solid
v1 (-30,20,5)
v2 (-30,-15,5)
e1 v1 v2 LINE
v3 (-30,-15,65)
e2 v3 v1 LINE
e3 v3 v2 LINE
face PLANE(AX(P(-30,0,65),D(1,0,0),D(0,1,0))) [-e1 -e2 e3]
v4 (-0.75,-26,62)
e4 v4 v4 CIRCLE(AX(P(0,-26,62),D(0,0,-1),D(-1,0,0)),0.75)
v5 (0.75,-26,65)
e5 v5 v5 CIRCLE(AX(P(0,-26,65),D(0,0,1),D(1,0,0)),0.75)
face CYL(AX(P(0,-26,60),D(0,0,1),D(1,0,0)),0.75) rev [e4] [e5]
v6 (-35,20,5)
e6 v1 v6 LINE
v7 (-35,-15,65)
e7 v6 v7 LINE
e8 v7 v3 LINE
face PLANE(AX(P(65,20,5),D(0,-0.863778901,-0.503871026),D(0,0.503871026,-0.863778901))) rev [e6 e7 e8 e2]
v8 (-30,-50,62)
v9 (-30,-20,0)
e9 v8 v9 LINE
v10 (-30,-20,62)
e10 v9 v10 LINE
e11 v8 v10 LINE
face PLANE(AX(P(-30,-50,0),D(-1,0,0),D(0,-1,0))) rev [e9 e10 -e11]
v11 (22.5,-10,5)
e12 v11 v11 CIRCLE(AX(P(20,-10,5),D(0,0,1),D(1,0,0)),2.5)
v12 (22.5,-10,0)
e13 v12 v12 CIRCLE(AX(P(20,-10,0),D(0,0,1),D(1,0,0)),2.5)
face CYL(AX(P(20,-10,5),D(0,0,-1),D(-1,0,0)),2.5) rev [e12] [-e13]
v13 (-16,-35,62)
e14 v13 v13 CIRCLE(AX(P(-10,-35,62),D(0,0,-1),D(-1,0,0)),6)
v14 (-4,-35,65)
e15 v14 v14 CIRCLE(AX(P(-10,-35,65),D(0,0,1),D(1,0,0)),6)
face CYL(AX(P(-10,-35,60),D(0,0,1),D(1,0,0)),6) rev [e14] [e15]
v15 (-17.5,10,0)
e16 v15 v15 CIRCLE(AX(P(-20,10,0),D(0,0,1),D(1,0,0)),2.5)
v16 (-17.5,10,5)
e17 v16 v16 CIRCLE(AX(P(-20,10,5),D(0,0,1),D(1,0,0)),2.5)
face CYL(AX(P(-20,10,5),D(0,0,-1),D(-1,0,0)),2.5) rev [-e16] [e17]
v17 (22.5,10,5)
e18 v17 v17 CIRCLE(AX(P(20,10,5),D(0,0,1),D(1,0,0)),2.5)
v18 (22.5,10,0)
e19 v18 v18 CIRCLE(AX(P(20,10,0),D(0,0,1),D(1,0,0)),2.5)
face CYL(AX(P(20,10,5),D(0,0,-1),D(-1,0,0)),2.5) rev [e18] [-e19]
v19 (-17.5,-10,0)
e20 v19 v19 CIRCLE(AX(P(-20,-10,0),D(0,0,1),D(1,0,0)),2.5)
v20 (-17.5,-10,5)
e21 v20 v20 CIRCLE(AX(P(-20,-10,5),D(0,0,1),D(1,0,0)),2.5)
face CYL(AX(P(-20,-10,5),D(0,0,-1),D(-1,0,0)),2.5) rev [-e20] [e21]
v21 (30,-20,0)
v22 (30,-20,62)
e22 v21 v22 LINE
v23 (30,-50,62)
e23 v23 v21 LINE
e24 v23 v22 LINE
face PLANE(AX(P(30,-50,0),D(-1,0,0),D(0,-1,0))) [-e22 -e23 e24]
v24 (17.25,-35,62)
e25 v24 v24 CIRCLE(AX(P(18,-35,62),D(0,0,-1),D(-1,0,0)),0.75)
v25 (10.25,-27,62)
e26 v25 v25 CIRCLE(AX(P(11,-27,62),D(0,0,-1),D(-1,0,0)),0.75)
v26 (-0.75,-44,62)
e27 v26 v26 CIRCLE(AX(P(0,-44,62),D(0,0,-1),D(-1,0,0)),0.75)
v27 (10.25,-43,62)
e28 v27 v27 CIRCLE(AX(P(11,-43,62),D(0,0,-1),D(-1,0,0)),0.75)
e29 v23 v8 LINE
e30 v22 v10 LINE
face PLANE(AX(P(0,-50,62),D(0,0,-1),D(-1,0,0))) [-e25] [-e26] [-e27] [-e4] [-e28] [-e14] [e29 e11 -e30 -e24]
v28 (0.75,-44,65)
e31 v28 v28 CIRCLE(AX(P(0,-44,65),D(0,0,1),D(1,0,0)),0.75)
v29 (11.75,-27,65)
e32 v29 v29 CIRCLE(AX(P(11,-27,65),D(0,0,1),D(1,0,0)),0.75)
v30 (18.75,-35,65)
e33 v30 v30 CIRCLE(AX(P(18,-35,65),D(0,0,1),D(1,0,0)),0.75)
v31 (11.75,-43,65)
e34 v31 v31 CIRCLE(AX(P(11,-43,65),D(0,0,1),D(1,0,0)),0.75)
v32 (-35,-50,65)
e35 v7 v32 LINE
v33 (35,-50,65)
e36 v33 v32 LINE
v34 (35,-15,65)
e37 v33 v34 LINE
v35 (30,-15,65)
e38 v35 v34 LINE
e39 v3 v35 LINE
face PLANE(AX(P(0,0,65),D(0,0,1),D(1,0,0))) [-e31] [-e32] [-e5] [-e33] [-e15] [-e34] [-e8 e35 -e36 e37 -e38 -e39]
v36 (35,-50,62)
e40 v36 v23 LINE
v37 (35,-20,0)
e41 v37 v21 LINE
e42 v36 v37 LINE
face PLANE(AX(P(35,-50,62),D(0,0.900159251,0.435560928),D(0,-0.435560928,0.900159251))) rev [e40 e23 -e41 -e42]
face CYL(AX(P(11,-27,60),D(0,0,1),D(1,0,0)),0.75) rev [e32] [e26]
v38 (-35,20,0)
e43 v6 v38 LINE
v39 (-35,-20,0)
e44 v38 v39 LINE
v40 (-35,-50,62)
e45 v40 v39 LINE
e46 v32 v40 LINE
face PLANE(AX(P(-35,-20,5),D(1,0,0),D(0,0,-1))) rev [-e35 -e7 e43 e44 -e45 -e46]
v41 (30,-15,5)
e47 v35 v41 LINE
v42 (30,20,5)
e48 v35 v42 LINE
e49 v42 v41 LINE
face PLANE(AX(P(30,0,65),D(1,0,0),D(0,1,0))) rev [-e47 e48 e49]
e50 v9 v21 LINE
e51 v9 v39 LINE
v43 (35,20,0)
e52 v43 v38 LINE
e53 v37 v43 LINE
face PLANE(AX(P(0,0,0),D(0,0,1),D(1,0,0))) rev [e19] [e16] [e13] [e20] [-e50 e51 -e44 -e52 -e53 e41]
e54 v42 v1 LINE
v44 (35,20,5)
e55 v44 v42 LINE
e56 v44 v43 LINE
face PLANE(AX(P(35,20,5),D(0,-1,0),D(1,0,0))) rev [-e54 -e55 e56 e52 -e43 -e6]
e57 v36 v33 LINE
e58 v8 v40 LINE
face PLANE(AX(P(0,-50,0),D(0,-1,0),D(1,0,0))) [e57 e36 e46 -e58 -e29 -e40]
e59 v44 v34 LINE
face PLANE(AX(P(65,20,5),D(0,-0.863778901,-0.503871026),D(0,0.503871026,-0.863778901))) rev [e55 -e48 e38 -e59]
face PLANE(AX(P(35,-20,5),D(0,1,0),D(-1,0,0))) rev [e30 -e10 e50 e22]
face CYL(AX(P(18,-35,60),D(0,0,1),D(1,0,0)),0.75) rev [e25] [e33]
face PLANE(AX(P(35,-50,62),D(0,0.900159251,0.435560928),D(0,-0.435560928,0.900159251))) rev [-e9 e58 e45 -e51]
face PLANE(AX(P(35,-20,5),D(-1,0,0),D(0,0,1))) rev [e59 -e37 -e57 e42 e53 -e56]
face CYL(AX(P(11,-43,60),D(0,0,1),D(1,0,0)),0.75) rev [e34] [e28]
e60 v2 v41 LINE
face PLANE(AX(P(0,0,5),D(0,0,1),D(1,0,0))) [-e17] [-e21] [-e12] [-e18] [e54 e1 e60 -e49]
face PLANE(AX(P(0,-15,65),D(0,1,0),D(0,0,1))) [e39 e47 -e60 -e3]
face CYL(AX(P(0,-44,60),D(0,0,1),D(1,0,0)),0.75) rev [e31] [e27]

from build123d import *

# Parameters (mm, degrees)
SKETCH_1_W          = 70
SKETCH_1_H          = 40
SKETCH_1_R          = 2.5
EXTRUDE_1_DEPTH     = 5
EXTRUDE_2_DEPTH     = 60
CUT_EXTRUDE_1_DEPTH = 100
EXTRUDE_3_DEPTH     = 30
CUT_EXTRUDE_2_DEPTH = 70
SKETCH_8_R          = 6
SKETCH_8_R_2        = 0.75
CUT_EXTRUDE_3_DEPTH = 5


with BuildPart() as part:
    # 草图1 → 凸台-拉伸1 (new body)
    with BuildSketch(Plane.XY):
        Rectangle(SKETCH_1_W, SKETCH_1_H)
        with Locations((-20, 10)):
            Circle(SKETCH_1_R, mode=Mode.SUBTRACT)
        with Locations((20, 10)):
            Circle(SKETCH_1_R, mode=Mode.SUBTRACT)
        with Locations((-20, -10)):
            Circle(SKETCH_1_R, mode=Mode.SUBTRACT)
        with Locations((20, -10)):
            Circle(SKETCH_1_R, mode=Mode.SUBTRACT)
    extrude(amount=EXTRUDE_1_DEPTH)

    # 草图3 → 凸台-拉伸2 (add)
    with BuildSketch(Plane.XY.offset(5)):
        Polygon((-35, -20), (35, -20), (35, 20), (30, 20), (30, -15), (-30, -15), (-30, 20), (-35, 20), align=None)
    extrude(amount=EXTRUDE_2_DEPTH)

    # 草图4 → 切除-拉伸1 (cut)
    with BuildSketch(Plane.ZY.offset(35)):
        Polygon((5, 20), (65, -15), (65, 20), align=None)
    extrude(amount=-CUT_EXTRUDE_1_DEPTH, mode=Mode.SUBTRACT)

    # 草图5 → 凸台-拉伸3 (add)
    with BuildSketch(Plane.XZ.offset(20)):
        Polygon((30, 0), (35, 0), (35, 65), (-35, 65), (-35, 0), (-30, 0), (-30, 62), (30, 62), align=None)
    extrude(amount=EXTRUDE_3_DEPTH)

    # 草图6 → 切除-拉伸2 (cut)
    with BuildSketch(Plane.ZY.offset(35)):
        Polygon((62, -50), (0, -20), (0, -50), align=None)
    extrude(amount=-CUT_EXTRUDE_2_DEPTH, mode=Mode.SUBTRACT)

    # 草图8 → 切除-拉伸3 (cut)
    with BuildSketch(Plane.XY.offset(65)):
        with Locations((-10, -35)):
            Circle(SKETCH_8_R)
        with Locations((18, -35)):
            Circle(SKETCH_8_R_2)
        with Locations((11, -43)):
            Circle(SKETCH_8_R_2)
        with Locations((0, -44)):
            Circle(SKETCH_8_R_2)
        with Locations((11, -27)):
            Circle(SKETCH_8_R_2)
        with Locations((0, -26)):
            Circle(SKETCH_8_R_2)
    extrude(amount=-CUT_EXTRUDE_3_DEPTH, mode=Mode.SUBTRACT)


solid = part.part
